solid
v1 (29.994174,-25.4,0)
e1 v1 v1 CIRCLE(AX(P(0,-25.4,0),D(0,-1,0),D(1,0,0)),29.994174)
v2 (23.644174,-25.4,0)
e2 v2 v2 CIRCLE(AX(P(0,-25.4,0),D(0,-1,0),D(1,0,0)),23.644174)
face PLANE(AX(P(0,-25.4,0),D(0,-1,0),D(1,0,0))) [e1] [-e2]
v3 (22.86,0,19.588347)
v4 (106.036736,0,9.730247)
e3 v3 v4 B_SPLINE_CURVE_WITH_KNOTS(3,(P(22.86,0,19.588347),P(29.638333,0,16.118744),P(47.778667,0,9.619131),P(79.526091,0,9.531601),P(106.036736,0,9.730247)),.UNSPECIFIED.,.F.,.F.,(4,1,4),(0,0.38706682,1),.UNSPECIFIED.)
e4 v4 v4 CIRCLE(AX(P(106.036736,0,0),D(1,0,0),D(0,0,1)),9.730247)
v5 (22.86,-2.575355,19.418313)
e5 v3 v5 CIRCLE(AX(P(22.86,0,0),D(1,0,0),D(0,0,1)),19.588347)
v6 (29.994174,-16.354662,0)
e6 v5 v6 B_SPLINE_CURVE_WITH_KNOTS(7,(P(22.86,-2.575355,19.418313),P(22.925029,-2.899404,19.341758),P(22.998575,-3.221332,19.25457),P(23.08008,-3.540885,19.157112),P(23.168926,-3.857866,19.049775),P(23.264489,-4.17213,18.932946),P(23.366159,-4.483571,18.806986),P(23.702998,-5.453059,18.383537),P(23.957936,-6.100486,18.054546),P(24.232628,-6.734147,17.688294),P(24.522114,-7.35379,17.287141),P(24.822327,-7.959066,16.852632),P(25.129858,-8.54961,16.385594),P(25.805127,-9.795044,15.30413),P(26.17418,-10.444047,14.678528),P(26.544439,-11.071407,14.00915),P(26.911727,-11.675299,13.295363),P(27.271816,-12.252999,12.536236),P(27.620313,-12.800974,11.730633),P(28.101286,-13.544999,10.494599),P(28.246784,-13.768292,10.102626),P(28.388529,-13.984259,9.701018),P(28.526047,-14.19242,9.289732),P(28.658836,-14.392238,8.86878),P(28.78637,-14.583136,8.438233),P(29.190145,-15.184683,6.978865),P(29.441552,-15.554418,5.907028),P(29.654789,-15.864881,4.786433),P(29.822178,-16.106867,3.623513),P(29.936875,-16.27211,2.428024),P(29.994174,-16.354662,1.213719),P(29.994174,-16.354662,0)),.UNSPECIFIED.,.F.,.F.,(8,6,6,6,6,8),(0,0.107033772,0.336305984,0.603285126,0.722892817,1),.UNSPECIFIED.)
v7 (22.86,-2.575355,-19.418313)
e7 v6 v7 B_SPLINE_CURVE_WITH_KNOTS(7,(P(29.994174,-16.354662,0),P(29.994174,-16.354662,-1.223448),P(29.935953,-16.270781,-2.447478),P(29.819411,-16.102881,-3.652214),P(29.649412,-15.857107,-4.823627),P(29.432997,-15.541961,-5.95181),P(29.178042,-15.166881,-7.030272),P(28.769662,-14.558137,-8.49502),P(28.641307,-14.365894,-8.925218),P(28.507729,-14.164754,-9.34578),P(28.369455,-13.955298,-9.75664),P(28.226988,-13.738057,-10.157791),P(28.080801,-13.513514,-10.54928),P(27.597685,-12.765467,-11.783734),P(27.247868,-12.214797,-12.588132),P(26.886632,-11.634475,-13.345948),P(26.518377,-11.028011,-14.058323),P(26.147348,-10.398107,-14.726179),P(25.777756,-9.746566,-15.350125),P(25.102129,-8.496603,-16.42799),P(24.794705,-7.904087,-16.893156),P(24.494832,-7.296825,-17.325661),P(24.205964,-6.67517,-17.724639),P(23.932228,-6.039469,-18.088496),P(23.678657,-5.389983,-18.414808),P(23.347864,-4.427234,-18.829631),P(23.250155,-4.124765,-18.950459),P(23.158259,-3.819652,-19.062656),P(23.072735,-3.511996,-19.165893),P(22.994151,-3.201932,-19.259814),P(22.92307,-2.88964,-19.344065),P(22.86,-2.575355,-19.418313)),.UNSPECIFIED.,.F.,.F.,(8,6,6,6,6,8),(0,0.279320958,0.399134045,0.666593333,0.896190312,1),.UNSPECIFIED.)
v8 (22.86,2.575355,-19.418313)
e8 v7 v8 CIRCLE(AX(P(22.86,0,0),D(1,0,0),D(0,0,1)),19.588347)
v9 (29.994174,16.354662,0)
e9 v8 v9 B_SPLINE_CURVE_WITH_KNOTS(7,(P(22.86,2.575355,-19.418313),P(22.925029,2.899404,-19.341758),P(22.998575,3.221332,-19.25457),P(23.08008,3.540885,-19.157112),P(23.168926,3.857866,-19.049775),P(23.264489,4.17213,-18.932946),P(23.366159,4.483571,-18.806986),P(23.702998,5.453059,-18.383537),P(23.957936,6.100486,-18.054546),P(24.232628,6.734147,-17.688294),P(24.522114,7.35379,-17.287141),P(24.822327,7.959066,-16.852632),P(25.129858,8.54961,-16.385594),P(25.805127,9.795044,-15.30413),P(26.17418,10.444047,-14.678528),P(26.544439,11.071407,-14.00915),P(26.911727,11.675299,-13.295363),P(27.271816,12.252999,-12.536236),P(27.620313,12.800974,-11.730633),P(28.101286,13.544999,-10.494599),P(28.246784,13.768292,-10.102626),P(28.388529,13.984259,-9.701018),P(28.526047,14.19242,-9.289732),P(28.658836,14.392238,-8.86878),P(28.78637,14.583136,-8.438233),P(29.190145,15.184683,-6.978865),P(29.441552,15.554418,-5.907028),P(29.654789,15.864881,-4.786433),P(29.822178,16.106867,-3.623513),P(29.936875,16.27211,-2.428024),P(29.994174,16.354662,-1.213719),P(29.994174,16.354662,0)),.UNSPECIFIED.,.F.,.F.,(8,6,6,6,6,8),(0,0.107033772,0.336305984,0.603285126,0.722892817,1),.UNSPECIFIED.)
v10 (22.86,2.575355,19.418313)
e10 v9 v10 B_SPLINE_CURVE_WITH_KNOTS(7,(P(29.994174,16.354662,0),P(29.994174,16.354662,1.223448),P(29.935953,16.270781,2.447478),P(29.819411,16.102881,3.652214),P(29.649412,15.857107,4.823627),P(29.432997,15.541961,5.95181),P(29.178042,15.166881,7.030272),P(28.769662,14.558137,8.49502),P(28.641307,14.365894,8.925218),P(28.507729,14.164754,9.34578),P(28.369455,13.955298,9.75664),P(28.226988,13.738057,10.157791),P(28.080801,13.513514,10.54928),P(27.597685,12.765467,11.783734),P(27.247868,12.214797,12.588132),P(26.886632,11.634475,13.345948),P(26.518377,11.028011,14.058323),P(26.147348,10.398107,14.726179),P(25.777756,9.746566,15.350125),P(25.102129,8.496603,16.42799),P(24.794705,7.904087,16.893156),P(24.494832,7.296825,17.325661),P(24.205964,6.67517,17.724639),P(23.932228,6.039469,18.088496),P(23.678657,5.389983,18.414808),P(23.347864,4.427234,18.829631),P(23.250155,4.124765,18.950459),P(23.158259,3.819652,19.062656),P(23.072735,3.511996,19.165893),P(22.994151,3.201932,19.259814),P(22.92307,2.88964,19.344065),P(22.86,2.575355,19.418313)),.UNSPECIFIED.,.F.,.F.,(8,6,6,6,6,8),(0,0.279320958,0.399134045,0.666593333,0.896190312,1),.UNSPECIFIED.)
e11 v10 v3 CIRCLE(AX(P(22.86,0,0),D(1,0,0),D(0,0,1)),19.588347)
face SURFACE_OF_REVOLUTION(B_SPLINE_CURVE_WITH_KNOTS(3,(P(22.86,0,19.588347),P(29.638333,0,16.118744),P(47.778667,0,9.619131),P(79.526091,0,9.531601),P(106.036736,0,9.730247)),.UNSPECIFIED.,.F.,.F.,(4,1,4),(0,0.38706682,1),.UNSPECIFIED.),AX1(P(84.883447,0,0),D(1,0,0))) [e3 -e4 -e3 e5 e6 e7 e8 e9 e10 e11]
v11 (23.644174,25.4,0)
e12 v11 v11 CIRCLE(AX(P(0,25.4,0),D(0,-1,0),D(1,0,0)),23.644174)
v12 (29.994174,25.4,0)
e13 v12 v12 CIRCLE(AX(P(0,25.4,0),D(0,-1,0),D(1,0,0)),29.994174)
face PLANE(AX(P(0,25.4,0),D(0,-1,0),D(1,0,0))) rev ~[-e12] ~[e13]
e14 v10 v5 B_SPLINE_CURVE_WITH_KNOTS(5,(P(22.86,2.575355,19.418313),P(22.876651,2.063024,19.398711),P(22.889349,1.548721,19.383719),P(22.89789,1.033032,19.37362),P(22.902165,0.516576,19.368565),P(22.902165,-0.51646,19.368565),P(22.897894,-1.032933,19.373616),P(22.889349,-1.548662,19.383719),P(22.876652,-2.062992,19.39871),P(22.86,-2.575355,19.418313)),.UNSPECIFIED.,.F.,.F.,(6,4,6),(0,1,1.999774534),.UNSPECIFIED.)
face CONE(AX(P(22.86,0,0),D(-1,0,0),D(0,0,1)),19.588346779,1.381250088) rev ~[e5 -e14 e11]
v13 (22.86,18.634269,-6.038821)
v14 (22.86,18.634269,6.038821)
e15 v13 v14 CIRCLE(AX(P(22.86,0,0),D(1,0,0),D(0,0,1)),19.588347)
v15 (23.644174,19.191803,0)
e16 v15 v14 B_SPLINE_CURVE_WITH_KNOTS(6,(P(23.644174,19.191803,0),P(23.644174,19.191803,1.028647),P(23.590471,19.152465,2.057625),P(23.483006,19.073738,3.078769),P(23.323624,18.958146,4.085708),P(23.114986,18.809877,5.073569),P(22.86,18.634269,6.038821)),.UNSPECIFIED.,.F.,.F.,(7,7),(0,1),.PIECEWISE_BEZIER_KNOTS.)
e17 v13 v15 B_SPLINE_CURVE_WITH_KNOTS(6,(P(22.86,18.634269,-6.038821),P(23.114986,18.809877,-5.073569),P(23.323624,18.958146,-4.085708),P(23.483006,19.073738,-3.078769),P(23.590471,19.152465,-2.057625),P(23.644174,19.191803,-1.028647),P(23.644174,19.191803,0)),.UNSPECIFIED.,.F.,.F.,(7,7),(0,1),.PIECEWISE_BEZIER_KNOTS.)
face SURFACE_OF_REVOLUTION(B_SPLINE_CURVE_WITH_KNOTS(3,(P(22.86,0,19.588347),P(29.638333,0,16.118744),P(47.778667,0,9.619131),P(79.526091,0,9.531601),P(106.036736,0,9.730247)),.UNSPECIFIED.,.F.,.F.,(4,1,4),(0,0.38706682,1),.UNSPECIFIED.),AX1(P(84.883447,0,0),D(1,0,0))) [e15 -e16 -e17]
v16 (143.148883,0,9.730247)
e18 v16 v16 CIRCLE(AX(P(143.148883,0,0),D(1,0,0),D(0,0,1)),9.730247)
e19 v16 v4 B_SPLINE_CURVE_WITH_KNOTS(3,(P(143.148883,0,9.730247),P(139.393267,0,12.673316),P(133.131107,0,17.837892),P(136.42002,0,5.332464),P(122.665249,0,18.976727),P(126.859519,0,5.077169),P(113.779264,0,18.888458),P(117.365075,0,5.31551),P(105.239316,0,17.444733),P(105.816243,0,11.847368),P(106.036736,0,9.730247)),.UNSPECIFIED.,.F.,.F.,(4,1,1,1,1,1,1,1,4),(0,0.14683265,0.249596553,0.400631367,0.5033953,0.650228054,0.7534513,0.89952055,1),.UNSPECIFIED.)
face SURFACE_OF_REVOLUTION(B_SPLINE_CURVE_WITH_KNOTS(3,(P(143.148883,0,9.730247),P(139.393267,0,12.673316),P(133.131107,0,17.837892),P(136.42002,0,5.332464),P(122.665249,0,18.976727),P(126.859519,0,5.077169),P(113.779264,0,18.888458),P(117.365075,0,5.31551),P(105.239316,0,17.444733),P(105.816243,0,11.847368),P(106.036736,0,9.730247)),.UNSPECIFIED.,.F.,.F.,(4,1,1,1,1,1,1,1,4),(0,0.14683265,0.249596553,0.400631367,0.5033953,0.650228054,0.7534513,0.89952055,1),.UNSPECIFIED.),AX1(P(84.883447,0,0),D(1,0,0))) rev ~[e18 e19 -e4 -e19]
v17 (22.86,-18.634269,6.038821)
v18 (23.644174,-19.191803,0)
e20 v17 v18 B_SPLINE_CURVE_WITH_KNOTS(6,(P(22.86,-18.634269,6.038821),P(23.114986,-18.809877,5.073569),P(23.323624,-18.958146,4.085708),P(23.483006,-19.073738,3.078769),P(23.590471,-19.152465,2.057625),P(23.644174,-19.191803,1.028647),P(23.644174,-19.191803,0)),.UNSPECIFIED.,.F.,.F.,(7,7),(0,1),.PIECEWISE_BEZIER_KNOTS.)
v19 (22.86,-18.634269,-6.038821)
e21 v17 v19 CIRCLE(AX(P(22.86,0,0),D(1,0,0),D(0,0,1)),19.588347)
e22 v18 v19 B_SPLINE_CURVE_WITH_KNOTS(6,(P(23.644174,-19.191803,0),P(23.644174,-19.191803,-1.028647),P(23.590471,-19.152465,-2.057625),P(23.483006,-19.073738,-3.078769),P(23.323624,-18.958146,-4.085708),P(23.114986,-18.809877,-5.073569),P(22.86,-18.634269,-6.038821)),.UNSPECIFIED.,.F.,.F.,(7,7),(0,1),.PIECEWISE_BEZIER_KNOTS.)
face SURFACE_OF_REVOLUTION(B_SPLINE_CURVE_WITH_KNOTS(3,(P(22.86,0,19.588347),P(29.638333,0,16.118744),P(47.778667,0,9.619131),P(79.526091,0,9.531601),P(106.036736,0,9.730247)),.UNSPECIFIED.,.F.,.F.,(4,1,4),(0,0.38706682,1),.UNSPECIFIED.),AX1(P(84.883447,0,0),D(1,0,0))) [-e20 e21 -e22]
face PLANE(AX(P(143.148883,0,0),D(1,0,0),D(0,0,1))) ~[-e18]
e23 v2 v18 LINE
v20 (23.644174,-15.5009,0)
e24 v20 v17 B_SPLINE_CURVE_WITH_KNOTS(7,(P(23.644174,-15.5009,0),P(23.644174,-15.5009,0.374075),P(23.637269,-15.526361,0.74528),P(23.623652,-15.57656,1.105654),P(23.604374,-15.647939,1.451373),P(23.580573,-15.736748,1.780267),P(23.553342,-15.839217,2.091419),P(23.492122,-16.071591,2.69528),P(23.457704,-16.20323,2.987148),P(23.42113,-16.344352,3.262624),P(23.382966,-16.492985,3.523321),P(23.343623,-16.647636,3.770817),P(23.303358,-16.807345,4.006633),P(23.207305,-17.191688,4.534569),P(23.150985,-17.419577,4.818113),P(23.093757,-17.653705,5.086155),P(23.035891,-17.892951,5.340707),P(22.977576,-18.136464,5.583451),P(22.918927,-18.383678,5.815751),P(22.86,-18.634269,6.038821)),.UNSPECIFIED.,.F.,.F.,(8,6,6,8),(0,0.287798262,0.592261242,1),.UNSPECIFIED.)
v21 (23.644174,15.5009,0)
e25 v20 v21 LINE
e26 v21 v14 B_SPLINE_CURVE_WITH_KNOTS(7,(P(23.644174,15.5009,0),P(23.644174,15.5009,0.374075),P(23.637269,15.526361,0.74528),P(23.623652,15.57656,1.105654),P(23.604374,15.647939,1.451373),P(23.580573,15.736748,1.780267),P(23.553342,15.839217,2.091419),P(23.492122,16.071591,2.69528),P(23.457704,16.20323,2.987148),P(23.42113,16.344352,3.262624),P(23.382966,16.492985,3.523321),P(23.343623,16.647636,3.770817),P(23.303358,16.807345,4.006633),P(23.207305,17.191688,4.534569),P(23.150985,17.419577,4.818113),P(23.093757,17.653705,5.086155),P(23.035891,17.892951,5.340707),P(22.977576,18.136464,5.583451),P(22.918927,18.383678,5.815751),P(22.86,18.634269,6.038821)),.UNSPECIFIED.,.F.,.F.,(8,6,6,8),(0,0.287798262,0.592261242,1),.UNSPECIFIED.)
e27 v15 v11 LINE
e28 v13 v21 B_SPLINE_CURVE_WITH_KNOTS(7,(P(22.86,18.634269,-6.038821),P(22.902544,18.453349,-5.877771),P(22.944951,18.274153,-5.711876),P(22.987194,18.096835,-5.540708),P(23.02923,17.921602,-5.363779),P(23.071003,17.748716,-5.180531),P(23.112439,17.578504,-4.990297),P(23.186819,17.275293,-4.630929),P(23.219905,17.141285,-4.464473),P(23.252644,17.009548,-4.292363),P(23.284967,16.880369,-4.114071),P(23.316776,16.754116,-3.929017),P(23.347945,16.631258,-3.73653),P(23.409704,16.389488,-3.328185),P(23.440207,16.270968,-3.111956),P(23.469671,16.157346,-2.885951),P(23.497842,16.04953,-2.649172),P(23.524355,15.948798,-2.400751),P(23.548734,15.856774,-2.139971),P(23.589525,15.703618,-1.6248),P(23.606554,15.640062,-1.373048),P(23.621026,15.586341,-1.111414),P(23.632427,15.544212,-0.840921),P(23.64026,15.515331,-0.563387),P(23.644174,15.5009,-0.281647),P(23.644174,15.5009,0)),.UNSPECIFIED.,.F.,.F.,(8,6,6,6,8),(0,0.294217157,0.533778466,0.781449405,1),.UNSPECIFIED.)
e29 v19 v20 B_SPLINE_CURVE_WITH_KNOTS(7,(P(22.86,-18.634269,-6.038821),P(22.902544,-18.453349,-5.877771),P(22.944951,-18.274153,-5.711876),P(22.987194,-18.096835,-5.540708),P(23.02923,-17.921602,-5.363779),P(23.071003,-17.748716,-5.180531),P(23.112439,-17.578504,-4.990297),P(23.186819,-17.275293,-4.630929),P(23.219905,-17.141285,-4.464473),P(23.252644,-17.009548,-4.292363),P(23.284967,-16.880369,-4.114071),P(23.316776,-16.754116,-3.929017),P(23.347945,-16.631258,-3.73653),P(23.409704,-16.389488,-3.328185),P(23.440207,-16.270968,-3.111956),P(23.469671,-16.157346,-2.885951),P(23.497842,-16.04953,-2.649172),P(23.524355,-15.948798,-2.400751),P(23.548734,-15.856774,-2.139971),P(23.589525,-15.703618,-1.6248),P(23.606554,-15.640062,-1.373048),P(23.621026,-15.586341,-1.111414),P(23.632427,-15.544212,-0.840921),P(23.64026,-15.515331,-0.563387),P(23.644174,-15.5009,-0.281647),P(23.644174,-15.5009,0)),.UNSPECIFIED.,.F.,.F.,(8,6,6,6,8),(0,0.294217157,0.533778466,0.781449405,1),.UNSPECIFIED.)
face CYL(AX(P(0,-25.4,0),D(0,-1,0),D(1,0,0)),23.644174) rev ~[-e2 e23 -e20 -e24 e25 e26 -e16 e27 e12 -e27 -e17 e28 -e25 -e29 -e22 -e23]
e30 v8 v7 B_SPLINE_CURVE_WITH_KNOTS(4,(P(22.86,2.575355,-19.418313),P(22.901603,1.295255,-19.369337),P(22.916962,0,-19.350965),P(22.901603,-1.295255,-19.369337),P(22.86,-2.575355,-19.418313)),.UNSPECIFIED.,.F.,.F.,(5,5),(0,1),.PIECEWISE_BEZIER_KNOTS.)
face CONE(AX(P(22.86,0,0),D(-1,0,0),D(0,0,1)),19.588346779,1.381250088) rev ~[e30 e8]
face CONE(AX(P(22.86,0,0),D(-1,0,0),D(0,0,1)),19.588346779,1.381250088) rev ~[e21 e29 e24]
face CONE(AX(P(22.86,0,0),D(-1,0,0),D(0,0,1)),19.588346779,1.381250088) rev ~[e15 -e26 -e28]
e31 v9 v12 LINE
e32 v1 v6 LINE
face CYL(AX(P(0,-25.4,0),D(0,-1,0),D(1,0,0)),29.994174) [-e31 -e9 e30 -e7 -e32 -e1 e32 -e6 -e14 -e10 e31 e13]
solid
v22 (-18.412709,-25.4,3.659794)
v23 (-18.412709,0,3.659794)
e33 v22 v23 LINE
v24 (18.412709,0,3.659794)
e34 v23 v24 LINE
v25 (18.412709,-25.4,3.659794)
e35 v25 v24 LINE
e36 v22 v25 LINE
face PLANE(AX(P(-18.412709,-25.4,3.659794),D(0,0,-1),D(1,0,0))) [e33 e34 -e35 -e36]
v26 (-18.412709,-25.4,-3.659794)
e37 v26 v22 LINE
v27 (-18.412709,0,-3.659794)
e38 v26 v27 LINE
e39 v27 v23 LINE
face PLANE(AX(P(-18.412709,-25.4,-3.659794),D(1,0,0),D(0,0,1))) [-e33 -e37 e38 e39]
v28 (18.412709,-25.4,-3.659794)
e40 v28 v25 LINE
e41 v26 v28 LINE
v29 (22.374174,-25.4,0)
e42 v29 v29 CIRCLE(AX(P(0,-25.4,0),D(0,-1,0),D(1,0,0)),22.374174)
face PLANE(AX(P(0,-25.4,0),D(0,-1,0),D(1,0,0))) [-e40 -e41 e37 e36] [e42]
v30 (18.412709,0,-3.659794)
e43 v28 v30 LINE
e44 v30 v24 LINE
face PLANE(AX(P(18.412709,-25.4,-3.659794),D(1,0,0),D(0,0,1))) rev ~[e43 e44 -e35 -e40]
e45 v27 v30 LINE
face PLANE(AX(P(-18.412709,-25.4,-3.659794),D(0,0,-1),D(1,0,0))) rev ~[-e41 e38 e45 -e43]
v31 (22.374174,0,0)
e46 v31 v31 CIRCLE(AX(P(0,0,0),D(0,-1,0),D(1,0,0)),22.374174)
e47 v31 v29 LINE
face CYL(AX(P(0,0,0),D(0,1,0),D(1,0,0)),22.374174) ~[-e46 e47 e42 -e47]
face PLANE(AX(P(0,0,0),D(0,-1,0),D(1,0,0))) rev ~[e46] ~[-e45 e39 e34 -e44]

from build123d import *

# Parameters (mm, degrees)
F0_R     = 22.3741739944
F1_DEPTH = 25.4
F2_W     = 36.8254184723
F2_H     = 7.3195882142
F3_DEPTH = 25.4
F4_R     = 29.9941739944
F4_R_2   = 23.6441739944
F5_DEPTH = 50.8


with BuildPart() as f1:
    # F0 (on Front) → F1 (new body)
    with BuildSketch(Plane.XZ):
        Circle(F0_R)
    extrude(amount=F1_DEPTH)

    # F2 (on face) → F3 (cut)
    with BuildSketch(Plane.XZ.offset(25.4)):
        Rectangle(F2_W, F2_H)
    extrude(amount=-F3_DEPTH, mode=Mode.SUBTRACT)


with BuildPart() as f5:
    # F4 (on face) → F5 (new body)
    with BuildSketch(Plane.XZ.offset(25.4)):
        Circle(F4_R)
        Circle(F4_R_2, mode=Mode.SUBTRACT)
    extrude(amount=-F5_DEPTH)

    # F7 (on Front) → F8 (revolve)
    with BuildSketch(Plane.XZ):
        with BuildLine():
            add(Edge.make_bspline(
                [(22.86, 19.5883467793), (29.6383327967, 16.1187444774), (47.7786674947, 9.6191313689), (79.5260908678, 9.5316008353), (106.0367358965, 9.7302468648)],
                knots=[0, 0, 0, 0, 0.3870668202, 1, 1, 1, 1], degree=3))
            Line((22.86, 19.5883467793), (26.6180112958, 0))
            Line((26.6180112958, 0), (143.1488830461, 0))
            Line((143.1488830461, 0), (143.1488830461, 9.7302468648))
            add(Edge.make_bspline(
                [(143.1488830461, 9.7302468648), (139.3932667203, 12.6733164939), (133.131106526, 17.8378924701), (136.4200203151, 5.3324641064), (122.6652486332, 18.9767272188), (126.8595193223, 5.0771692466), (113.7792640416, 18.8884579886), (117.3650753419, 5.3155099364), (105.239316318, 17.4447327969), (105.8162434435, 11.8473684846), (106.0367358965, 9.7302468648)],
                knots=[0, 0, 0, 0, 0.1468326505, 0.2495965533, 0.4006313668, 0.5033952997, 0.6502280537, 0.7534512997, 0.8995205502, 1, 1, 1, 1], degree=3))
        make_face()
    revolve(axis=Axis((84.8834471709, 0, 0), (1, 0, 0)))


solid = Compound([f1.part, f5.part])
